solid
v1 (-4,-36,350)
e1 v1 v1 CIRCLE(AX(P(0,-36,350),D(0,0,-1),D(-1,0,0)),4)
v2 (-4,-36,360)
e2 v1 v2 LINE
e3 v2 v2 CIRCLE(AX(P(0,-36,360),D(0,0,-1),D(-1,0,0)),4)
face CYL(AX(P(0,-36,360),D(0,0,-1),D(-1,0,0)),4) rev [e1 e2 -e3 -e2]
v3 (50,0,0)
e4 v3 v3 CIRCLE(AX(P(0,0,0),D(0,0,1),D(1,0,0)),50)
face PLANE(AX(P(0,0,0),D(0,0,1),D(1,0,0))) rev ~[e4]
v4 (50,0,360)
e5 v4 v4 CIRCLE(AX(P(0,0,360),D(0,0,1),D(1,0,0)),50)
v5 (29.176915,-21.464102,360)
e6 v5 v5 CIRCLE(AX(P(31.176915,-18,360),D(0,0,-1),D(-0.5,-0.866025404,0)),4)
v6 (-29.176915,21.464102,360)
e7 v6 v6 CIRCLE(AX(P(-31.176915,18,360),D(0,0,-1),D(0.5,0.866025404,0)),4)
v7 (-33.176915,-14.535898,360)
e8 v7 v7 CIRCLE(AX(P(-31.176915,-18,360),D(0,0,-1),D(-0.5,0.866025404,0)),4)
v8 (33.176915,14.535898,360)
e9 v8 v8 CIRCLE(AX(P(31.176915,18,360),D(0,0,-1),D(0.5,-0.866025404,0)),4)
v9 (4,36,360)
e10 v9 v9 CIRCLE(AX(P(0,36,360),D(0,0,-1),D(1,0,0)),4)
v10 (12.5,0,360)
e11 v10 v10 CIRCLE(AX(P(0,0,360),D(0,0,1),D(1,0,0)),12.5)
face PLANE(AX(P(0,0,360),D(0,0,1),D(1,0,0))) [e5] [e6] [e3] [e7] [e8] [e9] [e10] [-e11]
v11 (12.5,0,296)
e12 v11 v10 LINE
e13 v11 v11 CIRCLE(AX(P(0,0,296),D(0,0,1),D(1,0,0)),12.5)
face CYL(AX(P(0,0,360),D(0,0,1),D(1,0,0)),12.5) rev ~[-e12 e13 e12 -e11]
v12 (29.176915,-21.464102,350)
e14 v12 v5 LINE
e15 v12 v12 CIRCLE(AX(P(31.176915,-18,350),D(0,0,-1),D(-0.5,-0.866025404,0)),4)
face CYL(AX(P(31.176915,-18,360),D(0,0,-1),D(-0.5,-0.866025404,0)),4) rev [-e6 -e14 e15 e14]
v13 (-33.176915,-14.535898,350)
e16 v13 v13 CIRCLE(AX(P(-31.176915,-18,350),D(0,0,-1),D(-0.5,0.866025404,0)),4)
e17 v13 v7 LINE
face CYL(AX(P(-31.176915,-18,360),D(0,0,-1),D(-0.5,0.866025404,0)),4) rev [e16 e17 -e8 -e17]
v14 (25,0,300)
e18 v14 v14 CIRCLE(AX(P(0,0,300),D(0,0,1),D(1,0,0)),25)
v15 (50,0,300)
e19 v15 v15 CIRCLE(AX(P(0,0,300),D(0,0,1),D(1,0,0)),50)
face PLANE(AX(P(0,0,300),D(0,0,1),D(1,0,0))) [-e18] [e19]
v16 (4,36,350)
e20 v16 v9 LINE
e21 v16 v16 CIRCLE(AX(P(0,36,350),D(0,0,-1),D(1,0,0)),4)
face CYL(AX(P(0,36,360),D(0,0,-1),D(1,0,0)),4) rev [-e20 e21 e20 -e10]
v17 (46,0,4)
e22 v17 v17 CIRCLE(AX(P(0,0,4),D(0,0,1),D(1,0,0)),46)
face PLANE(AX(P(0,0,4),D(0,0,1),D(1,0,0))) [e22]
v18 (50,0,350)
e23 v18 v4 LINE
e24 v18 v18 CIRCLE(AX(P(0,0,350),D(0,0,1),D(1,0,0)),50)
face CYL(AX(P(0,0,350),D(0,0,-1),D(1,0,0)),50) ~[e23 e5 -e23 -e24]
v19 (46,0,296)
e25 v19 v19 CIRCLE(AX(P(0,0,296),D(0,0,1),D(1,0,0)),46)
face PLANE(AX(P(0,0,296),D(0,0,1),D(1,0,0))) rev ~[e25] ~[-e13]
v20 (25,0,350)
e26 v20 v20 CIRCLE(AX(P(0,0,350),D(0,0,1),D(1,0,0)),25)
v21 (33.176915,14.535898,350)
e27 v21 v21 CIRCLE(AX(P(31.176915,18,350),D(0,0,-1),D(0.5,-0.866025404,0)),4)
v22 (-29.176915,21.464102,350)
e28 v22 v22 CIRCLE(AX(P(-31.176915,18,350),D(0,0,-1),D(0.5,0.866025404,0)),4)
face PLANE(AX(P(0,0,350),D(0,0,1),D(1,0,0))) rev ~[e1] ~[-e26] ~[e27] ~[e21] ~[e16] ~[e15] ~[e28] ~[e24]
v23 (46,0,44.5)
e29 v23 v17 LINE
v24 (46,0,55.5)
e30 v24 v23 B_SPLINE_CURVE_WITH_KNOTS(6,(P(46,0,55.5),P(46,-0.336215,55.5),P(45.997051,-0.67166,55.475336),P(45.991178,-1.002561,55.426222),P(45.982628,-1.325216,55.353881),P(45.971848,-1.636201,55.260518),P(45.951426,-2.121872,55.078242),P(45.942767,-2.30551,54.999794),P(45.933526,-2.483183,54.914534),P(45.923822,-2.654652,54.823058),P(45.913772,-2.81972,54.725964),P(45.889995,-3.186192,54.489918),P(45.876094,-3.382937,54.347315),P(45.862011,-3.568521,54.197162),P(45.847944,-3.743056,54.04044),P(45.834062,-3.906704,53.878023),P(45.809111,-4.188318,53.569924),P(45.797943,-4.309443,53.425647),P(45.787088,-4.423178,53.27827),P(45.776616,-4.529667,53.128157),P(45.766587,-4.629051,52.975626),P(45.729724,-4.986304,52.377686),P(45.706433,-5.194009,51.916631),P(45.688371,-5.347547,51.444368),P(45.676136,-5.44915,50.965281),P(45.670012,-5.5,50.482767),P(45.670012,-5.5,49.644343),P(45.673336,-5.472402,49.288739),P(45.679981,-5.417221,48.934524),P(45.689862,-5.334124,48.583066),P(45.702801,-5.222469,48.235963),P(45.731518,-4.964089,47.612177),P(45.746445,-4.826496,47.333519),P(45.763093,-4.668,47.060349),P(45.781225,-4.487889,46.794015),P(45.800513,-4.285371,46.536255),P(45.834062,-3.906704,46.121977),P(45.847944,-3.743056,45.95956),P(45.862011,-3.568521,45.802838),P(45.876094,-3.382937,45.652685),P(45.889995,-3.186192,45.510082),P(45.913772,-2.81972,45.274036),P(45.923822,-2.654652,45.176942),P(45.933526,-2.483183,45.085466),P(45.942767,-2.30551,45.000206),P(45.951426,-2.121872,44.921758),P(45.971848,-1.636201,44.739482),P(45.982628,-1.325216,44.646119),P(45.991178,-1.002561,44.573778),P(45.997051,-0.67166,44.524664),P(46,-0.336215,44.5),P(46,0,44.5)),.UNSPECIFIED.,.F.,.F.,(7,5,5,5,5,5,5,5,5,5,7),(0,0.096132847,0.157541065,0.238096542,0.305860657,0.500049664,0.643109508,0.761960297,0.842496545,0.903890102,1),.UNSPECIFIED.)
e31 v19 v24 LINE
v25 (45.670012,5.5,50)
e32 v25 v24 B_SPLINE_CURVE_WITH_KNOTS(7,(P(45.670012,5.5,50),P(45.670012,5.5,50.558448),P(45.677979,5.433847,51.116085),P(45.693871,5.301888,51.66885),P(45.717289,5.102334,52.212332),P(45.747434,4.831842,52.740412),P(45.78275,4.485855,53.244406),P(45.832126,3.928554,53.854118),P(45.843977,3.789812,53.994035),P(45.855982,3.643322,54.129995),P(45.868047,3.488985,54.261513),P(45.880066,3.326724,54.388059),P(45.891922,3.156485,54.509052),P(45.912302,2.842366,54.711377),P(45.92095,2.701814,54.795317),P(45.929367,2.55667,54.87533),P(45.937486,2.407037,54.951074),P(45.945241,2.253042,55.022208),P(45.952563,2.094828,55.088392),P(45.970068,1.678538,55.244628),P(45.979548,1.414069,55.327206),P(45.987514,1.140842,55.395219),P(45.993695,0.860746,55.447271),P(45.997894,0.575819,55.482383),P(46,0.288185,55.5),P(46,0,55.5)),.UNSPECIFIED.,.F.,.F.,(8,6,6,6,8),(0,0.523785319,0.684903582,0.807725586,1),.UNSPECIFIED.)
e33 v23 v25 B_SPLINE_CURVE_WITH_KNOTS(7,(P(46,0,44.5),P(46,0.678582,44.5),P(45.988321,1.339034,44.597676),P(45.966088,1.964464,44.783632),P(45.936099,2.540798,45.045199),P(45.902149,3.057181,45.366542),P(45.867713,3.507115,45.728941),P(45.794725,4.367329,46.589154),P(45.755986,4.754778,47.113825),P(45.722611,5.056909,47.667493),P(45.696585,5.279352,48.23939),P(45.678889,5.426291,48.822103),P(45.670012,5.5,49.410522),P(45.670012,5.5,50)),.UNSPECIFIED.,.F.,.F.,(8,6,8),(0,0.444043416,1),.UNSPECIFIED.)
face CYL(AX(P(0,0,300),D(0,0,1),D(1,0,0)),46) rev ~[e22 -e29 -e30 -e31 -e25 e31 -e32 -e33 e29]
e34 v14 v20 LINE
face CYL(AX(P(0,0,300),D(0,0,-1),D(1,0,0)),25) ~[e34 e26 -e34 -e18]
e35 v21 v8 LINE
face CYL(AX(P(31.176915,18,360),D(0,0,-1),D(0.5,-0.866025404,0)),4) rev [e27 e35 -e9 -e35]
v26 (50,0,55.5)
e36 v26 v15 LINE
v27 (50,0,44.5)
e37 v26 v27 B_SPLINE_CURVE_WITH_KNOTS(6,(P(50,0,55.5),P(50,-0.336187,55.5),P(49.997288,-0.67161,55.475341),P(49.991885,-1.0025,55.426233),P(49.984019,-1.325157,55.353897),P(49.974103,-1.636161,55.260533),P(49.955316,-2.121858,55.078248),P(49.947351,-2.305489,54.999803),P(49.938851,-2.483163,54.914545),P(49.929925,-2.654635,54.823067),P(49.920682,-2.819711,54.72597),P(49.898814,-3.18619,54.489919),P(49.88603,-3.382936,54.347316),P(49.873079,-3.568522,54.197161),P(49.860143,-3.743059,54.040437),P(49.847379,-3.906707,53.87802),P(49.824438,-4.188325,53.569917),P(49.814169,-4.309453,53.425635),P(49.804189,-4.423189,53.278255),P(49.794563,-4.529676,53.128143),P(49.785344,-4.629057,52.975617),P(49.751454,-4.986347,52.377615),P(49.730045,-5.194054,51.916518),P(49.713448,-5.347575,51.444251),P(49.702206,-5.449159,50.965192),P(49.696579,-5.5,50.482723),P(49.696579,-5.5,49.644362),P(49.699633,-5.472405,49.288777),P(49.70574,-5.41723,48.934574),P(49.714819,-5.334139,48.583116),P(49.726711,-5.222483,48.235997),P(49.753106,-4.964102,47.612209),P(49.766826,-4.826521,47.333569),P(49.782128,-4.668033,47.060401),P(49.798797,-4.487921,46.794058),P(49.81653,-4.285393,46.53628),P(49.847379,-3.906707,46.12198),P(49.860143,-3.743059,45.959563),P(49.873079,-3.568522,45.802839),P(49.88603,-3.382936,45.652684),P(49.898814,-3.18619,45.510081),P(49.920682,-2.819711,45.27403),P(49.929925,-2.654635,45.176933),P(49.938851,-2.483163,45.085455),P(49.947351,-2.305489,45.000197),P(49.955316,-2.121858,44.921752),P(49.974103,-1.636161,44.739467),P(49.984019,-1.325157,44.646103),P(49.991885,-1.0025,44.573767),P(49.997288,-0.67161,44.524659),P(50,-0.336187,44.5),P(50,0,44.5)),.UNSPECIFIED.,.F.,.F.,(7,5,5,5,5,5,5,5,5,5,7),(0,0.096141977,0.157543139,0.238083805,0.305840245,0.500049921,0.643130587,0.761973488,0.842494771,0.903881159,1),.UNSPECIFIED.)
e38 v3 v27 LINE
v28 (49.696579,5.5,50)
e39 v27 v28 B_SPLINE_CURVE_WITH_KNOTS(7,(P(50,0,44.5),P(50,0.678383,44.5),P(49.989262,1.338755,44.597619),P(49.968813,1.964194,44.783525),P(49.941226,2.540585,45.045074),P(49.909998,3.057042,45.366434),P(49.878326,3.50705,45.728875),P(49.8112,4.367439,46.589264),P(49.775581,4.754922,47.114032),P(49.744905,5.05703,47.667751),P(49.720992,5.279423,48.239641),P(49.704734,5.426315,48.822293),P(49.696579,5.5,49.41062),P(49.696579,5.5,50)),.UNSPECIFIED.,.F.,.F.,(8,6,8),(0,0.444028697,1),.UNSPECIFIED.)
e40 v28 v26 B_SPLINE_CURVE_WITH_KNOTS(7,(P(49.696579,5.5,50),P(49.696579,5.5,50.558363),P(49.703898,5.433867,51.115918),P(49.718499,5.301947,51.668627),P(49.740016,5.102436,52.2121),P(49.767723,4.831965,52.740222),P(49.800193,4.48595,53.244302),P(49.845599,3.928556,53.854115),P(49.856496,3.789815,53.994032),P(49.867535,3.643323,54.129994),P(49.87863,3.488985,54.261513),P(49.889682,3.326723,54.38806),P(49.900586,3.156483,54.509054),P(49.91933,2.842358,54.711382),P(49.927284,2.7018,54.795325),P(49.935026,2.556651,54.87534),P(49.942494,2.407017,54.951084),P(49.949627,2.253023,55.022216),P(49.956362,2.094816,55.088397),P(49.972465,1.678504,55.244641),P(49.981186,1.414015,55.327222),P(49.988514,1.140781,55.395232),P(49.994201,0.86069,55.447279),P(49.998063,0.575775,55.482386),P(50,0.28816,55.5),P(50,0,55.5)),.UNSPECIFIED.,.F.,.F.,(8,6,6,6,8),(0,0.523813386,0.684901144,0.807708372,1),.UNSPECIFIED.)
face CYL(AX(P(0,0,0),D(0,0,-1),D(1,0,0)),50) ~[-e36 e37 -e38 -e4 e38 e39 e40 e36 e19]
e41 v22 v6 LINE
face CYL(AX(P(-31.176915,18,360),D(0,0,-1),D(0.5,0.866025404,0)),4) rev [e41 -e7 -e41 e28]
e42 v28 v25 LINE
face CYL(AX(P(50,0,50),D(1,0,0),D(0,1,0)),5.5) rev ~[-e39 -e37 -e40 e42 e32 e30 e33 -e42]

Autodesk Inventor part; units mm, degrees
ref_plane "XZ Plane" through (0, 0, 0) normal (0, 1, 0) x (-1, 0, 0)
ref_plane "XY Plane" through (0, 0, 0) normal (0, 0, 1) x (1, 0, 0)
sketch "Sketch1" plane through (0, 0, 0) normal (0, 0, 1) x (1, 0, 0)
  circle A0 centre (0, 0) radius 50
  dimension "d0" = 100
extrude "Extrusion1" add sketch "Sketch1" along normal blind 300
sketch "Sketch2" plane through (0, 0, 300) normal (0, 0, 1) x (1, 0, 0)
  circle A0 centre (0, 0) radius 50 projected
  circle A1 centre (0, 0) radius 46
  dimension "d3" = 92
extrude "Extrusion2" cut sketch "Sketch2" against normal blind 296 contours A1
sketch "Sketch3" plane through (0, 0, 300) normal (0, 0, 1) x (1, 0, 0)
  circle A0 centre (0, 0) radius 46
extrude "Extrusion3" add sketch "Sketch3" against normal blind 4
sketch "Sketch4" plane through (0, 0, 300) normal (0, 0, 1) x (1, 0, 0)
  circle A0 centre (0, 0) radius 25
  dimension "d8" = 50
extrude "Extrusion4" add sketch "Sketch4" along normal blind 50
sketch "Sketch5" plane through (0, 0, 350) normal (0, 0, 1) x (1, 0, 0)
  circle A0 centre (0, 0) radius 12.5
  dimension "d11" = 25
extrude "Extrusion5" cut sketch "Sketch5" against normal blind 100
sketch "Sketch6" plane through (0, 0, 350) normal (0, 0, 1) x (1, 0, 0)
  circle A0 centre (0, 0) radius 50
extrude "Extrusion6" add sketch "Sketch6" along normal blind 10
sketch "Sketch7" plane through (0, 0, 360) normal (0, 0, 1) x (1, 0, 0)
  circle A0 centre (0, 0) radius 12.5 projected
  circle A1 centre (0, 0) radius 12.5
extrude "Extrusion7" cut sketch "Sketch7" against normal blind 300
sketch "Sketch8" plane through (0, 0, 360) normal (0, 0, 1) x (1, 0, 0)
  line L0 (0, 0) -> (0, -36)
  line L1 (0, 0) -> (0, 36)
  line L2 (0, 0) -> (36, 0)
  line L3 (0, 0) -> (-36, 0)
  circle A0 centre (0, 0) radius 12.5 projected
  line L4 (0, 0) -> (0, 36)
  circle A1 centre (0, 36) radius 4
  dimension "d31" = 8
ref_plane "Work Plane1" through (50, 0, 0) normal (1, 0, 0) x (0, 1, 0)
extrude "Extrusion9" cut sketch "Sketch8" along normal mid plane 25 contours A1
sketch "Sketch11" plane through (0, 0, 360) normal (0, 0, 1) x (1, 0, 0)
  point P0 (0, 0)
pattern_circular "Circular Pattern1" count 6 over 360 about axis through (0, 0, 350) along (0, 0, -1) of "Extrusion9"
sketch "Sketch12" plane through (50, 0, 0) normal (1, 0, 0) x (0, 1, 0)
  line L0 (0, 0) -> (0, 50)
  circle A0 centre (0, 50) radius 5.5
  dimension "d37" = 50
  dimension "d39" = 11
extrude "Extrusion10" cut sketch "Sketch12" against normal blind 50
properties part number "again"
